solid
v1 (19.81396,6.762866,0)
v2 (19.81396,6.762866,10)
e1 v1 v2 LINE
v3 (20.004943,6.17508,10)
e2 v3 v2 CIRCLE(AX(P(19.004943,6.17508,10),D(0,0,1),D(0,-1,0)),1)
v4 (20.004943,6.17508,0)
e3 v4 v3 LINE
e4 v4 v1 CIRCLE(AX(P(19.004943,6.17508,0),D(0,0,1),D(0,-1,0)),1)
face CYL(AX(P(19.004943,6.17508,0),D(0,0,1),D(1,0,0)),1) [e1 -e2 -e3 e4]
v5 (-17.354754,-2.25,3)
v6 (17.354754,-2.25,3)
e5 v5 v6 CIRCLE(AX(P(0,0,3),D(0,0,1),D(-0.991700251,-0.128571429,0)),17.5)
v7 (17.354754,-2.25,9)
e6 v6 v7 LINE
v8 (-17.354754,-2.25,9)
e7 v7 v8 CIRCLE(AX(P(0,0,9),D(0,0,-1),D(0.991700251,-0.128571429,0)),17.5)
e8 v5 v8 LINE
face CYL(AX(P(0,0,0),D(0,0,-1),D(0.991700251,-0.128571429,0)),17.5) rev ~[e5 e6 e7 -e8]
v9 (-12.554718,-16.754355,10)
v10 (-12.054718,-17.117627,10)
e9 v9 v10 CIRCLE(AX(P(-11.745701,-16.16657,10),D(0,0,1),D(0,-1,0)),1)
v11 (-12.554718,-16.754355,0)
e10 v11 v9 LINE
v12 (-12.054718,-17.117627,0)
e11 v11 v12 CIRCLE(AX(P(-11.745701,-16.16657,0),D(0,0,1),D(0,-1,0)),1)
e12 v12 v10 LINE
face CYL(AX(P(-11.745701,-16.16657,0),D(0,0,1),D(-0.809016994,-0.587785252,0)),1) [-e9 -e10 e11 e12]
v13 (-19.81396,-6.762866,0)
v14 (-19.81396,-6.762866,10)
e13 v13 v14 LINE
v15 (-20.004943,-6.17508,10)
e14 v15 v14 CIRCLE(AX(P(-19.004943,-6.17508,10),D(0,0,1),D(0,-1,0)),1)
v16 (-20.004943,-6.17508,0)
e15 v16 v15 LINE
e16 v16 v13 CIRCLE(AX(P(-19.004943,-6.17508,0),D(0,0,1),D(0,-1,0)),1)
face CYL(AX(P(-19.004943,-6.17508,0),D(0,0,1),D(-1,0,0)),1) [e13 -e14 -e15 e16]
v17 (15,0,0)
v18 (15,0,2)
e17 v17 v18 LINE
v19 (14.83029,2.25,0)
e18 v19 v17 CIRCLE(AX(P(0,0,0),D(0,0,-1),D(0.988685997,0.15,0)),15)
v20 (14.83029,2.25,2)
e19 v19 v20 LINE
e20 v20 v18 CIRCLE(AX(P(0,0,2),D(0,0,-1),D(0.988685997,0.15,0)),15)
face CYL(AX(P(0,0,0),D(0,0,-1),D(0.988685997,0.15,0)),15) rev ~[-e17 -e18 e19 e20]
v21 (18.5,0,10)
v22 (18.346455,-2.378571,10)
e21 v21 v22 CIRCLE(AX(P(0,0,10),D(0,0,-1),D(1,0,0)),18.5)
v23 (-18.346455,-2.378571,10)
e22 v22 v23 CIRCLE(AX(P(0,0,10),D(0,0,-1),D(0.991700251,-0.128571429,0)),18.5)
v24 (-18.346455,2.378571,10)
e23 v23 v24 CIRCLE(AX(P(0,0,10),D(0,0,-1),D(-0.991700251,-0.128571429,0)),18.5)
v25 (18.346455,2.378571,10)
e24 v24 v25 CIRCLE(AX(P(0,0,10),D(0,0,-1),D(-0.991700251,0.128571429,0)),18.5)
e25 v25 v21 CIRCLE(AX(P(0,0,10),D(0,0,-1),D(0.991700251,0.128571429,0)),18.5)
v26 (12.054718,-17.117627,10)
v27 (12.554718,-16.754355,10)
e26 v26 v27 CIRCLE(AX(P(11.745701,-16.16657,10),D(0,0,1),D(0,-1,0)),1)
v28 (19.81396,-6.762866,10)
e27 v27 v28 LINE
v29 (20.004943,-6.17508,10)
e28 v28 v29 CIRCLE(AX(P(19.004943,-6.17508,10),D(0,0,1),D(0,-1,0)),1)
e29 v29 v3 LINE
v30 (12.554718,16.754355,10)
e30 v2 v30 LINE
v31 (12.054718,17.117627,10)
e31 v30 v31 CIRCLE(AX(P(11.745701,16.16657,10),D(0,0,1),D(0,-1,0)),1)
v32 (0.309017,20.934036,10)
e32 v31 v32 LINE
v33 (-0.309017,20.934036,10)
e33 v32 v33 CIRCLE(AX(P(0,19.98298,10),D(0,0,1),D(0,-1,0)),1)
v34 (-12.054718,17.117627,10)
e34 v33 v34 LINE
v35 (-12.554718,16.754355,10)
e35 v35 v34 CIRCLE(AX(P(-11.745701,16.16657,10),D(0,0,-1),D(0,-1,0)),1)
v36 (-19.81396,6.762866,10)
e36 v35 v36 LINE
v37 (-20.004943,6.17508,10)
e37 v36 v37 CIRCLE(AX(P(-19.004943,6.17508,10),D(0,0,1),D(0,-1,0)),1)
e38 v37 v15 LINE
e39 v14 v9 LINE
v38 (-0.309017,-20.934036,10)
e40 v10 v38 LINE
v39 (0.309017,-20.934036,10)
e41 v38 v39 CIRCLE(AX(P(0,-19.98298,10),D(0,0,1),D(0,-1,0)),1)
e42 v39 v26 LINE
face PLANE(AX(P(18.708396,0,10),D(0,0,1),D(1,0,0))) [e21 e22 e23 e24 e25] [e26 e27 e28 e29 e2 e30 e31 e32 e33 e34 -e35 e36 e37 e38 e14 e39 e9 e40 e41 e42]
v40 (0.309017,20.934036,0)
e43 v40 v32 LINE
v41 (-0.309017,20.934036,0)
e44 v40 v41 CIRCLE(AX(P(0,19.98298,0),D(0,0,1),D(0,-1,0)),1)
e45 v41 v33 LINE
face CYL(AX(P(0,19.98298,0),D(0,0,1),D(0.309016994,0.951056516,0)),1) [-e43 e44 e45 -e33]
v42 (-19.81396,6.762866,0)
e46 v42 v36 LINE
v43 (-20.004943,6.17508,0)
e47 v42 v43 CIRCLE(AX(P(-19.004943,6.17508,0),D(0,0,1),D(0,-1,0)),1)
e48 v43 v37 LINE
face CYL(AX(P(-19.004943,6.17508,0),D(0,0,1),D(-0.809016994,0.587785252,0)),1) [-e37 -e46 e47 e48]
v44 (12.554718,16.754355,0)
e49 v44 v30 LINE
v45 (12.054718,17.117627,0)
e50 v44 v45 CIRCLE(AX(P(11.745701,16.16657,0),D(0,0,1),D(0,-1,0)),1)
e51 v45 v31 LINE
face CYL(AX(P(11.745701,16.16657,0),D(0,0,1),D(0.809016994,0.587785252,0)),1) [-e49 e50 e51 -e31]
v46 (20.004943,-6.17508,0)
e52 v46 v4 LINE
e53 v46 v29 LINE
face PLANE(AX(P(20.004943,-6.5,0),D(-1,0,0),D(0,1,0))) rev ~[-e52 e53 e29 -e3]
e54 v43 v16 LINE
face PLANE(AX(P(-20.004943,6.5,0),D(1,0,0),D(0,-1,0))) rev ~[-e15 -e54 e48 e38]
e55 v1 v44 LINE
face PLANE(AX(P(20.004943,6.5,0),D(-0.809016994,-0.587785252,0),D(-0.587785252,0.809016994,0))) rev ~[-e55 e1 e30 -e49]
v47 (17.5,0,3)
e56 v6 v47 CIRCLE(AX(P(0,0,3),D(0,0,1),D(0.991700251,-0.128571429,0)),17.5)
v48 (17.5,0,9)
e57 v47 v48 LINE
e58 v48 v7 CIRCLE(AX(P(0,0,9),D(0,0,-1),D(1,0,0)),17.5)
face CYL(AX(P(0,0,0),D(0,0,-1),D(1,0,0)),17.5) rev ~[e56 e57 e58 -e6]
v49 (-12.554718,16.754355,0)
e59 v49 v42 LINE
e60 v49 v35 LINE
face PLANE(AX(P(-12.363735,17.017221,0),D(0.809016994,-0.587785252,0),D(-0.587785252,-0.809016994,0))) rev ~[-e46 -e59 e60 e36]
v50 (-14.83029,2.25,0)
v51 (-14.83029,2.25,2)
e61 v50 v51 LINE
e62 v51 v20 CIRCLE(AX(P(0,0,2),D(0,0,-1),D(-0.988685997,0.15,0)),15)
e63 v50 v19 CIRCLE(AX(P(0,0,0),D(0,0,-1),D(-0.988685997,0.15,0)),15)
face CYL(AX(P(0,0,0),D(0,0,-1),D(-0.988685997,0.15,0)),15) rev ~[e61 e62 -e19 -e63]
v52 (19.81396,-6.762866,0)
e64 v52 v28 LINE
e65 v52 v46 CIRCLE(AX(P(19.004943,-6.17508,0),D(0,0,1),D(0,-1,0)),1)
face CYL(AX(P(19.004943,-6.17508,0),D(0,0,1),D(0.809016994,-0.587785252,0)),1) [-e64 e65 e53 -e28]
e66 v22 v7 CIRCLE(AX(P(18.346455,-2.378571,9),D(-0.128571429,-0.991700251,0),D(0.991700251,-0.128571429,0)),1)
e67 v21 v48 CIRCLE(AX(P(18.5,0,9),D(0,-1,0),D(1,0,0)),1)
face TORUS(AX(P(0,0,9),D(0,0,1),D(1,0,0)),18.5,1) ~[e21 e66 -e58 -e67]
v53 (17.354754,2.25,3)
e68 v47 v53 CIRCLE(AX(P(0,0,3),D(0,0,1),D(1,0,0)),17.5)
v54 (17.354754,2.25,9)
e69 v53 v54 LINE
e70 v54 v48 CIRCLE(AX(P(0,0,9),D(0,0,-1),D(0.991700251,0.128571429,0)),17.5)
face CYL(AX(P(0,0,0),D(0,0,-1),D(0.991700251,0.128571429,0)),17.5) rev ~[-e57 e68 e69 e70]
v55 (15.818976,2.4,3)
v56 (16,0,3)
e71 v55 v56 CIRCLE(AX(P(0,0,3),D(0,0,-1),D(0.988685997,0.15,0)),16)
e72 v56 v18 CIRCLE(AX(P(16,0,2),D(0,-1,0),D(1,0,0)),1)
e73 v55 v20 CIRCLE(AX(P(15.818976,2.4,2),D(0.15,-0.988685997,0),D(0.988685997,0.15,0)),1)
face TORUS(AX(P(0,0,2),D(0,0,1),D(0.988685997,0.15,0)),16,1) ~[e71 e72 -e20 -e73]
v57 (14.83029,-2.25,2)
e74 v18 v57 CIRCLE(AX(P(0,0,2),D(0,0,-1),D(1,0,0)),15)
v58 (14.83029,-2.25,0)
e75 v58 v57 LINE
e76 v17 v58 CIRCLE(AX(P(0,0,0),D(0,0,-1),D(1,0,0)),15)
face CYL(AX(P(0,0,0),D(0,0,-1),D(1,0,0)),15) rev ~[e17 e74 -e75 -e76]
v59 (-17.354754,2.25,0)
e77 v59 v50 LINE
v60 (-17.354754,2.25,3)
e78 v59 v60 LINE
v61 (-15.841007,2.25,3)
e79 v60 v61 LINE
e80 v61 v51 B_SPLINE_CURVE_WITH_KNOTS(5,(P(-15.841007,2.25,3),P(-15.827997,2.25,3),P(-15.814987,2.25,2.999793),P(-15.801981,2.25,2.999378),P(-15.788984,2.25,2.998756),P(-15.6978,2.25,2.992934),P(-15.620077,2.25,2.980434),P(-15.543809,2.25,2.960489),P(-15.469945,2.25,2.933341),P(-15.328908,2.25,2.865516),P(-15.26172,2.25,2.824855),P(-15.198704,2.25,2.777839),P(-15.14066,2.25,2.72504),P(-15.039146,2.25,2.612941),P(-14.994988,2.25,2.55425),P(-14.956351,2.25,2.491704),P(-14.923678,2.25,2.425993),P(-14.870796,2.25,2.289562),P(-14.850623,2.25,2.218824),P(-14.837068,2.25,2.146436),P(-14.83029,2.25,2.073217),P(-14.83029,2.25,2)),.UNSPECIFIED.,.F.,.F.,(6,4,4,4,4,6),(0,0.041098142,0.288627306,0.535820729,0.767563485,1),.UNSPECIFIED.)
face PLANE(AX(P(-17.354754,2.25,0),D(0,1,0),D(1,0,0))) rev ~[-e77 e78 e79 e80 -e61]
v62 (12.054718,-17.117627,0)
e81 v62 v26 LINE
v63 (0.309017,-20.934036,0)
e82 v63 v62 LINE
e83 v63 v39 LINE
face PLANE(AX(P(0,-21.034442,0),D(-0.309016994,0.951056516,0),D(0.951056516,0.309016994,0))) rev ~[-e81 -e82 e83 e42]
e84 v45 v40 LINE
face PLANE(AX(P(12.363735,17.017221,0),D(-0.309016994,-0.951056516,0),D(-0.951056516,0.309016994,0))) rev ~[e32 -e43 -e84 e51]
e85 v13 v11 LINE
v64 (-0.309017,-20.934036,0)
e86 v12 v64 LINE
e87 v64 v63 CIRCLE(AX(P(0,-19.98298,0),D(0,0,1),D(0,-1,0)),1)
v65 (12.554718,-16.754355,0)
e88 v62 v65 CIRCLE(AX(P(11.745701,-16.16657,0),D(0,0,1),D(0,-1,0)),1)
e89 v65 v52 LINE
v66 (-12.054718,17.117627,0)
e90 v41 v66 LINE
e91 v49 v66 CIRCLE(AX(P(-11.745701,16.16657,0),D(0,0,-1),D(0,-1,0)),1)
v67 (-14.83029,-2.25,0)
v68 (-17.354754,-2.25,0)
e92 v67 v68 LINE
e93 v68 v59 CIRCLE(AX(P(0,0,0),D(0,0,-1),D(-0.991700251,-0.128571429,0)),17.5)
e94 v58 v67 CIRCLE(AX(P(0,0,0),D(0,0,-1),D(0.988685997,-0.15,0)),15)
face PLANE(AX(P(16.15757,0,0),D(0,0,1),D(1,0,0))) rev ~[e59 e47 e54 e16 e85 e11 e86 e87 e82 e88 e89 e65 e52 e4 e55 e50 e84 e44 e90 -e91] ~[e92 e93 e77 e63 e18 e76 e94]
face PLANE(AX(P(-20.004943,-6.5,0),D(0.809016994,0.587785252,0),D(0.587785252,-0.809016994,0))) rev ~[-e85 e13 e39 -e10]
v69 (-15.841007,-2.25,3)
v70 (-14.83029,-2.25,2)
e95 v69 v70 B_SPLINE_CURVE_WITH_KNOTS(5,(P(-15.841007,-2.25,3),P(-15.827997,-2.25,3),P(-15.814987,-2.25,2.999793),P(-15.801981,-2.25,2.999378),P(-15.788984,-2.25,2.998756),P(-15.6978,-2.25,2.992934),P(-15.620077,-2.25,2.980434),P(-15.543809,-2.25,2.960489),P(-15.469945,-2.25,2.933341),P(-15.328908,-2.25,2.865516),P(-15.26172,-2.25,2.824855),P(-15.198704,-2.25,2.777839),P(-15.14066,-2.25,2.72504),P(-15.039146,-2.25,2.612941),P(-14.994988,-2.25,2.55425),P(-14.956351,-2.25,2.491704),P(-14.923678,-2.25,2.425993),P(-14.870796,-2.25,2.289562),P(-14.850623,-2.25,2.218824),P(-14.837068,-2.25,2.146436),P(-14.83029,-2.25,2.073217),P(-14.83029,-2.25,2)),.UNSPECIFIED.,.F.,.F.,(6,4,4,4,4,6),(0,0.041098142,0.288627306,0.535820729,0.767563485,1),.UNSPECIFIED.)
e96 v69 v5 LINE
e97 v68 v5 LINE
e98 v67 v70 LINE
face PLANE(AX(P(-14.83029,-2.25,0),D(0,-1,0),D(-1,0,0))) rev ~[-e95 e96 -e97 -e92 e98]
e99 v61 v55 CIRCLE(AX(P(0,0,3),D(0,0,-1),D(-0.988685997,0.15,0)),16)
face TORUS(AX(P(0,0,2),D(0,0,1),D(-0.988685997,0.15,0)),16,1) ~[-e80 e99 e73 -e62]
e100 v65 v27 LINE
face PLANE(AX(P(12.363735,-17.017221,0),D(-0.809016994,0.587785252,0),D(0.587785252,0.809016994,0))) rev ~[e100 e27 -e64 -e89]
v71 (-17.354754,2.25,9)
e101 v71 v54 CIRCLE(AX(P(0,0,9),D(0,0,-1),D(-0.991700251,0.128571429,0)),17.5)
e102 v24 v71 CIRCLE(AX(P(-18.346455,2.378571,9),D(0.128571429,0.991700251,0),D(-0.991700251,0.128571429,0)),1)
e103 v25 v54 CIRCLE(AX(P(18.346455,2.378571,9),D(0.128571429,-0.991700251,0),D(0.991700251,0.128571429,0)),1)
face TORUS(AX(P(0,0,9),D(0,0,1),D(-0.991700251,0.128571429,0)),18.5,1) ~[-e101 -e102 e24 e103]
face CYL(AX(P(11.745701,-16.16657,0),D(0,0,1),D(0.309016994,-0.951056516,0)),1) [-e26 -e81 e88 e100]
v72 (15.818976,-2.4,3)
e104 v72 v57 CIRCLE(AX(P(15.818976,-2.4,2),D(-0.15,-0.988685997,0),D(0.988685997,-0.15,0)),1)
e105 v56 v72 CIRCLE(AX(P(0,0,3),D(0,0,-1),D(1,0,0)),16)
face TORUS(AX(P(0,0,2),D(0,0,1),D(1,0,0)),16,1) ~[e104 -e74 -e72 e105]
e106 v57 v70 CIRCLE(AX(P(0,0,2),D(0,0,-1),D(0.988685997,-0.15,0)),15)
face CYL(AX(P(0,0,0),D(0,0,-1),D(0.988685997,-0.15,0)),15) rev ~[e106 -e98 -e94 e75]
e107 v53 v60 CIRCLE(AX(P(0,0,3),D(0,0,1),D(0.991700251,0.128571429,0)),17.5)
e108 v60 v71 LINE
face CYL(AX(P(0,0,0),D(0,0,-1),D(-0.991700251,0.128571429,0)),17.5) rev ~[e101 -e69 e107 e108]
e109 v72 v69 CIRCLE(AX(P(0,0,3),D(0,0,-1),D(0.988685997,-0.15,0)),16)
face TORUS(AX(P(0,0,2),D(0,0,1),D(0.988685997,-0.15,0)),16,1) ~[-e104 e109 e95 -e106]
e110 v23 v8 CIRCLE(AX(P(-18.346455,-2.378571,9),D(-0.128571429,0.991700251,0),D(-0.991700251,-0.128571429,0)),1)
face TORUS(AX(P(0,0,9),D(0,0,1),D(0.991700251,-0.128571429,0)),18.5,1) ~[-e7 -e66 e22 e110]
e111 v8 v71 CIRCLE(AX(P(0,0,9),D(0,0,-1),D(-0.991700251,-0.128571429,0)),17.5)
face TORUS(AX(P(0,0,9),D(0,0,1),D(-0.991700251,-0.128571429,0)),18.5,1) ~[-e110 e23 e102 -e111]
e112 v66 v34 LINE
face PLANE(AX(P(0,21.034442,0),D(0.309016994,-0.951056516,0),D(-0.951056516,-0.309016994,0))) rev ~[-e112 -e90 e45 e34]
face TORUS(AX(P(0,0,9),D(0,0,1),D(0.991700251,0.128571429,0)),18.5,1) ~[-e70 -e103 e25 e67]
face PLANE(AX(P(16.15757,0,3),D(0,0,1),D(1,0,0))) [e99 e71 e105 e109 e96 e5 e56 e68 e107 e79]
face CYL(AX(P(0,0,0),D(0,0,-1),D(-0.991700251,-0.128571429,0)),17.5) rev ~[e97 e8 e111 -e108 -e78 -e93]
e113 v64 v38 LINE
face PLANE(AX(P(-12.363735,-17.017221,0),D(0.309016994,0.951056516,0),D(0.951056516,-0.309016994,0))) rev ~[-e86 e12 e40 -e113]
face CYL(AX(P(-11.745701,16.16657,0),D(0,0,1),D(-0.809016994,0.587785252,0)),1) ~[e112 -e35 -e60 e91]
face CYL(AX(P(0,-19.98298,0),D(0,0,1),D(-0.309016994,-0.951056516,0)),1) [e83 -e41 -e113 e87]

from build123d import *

# Parameters (mm, degrees)
F1_DEPTH = 10
F2_DEPTH = 3
F3_R     = 1
F4_R     = 1
F5_R     = 1


with BuildPart() as f1:
    # F0 (on Top) → F1 (new body)
    with BuildSketch(Plane.XY):
        with BuildLine():
            ThreePointArc((17.3547543918, 2.25), (17.4636508476, 1.1273415949), (17.5, 0))
            ThreePointArc((17.5, 0), (17.4636508476, -1.1273415949), (17.3547543918, -2.25))
            Line((17.3547543918, -2.25), (20.0049429916, -2.25))
            Line((20.0049429916, -2.25), (20.0049429916, 2.25))
            Line((20.0049429916, 2.25), (17.3547543918, 2.25))
        make_face()
        with BuildLine():
            ThreePointArc((-17.3547543918, 2.25), (0, 17.5), (17.3547543918, 2.25))
            Line((17.3547543918, 2.25), (20.0049429916, 2.25))
            Line((20.0049429916, 2.25), (20.0049429916, 6.5))
            Line((20.0049429916, 6.5), (12.3637347118, 17.0172209269))
            Line((12.3637347118, 17.0172209269), (0, 21.0344418537))
            Line((0, 21.0344418537), (-12.3637347118, 17.0172209269))
            Line((-12.3637347118, 17.0172209269), (-20.0049429916, 6.5))
            Line((-20.0049429916, 6.5), (-20.0049429916, 2.25))
            Line((-20.0049429916, 2.25), (-17.3547543918, 2.25))
        make_face()
        with BuildLine():
            Line((20.0049429916, -2.25), (17.3547543918, -2.25))
            ThreePointArc((17.3547543918, -2.25), (0, -17.5), (-17.3547543918, -2.25))
            Line((-17.3547543918, -2.25), (-20.0049429916, -2.25))
            Line((-20.0049429916, -2.25), (-20.0049429916, -6.5))
            Line((-20.0049429916, -6.5), (-12.3637347118, -17.0172209269))
            Line((-12.3637347118, -17.0172209269), (0, -21.0344418537))
            Line((0, -21.0344418537), (12.3637347118, -17.0172209269))
            Line((12.3637347118, -17.0172209269), (20.0049429916, -6.5))
            Line((20.0049429916, -6.5), (20.0049429916, -2.25))
        make_face()
        with BuildLine():
            ThreePointArc((-17.3547543918, -2.25), (-17.5, 0), (-17.3547543918, 2.25))
            Line((-17.3547543918, 2.25), (-20.0049429916, 2.25))
            Line((-20.0049429916, 2.25), (-20.0049429916, -2.25))
            Line((-20.0049429916, -2.25), (-17.3547543918, -2.25))
        make_face()
    extrude(amount=F1_DEPTH)

    # F0 (on Top) → F2 (join)
    with BuildSketch(Plane.XY):
        with BuildLine():
            ThreePointArc((17.3547543918, -2.25), (17.4636508476, -1.1273415949), (17.5, 0))
            ThreePointArc((17.5, 0), (17.4636508476, 1.1273415949), (17.3547543918, 2.25))
            Line((17.3547543918, 2.25), (14.83028995, 2.25))
            ThreePointArc((14.83028995, 2.25), (14.957512314, 1.1281956281), (15, 0))
            ThreePointArc((15, 0), (14.957512314, -1.1281956281), (14.83028995, -2.25))
            Line((14.83028995, -2.25), (17.3547543918, -2.25))
        make_face()
        with BuildLine():
            ThreePointArc((-17.3547543918, -2.25), (0, -17.5), (17.3547543918, -2.25))
            Line((17.3547543918, -2.25), (14.83028995, -2.25))
            ThreePointArc((14.83028995, -2.25), (0, -15), (-14.83028995, -2.25))
            Line((-14.83028995, -2.25), (-17.3547543918, -2.25))
        make_face()
        with BuildLine():
            Line((14.83028995, 2.25), (17.3547543918, 2.25))
            ThreePointArc((17.3547543918, 2.25), (0, 17.5), (-17.3547543918, 2.25))
            Line((-17.3547543918, 2.25), (-14.83028995, 2.25))
            ThreePointArc((-14.83028995, 2.25), (0, 15), (14.83028995, 2.25))
        make_face()
    extrude(amount=F2_DEPTH)

    # F3
    f3_edges = [f1.edges().sort_by_distance(p)[0] for p in [
        (15, 0, 3),
    ]]
    fillet(f3_edges, radius=F3_R)

    # F4
    f4_edges = [f1.edges().sort_by_distance(p)[0] for p in [
        (20.004943, -6.5, 5),
        (12.363735, -17.017221, 5),
        (0, -21.034442, 5),
        (-12.363735, -17.017221, 5),
        (-20.004943, -6.5, 5),
        (-20.004943, 6.5, 5),
        (0, 21.034442, 5),
        (-12.363735, 17.017221, 5),
        (12.363735, 17.017221, 5),
        (20.004943, 6.5, 5),
    ]]
    fillet(f4_edges, radius=F4_R)

    # F5
    f5_edges = [f1.edges().sort_by_distance(p)[0] for p in [
        (17.354754, 2.25, 10),
    ]]
    fillet(f5_edges, radius=F5_R)


solid = f1.part
